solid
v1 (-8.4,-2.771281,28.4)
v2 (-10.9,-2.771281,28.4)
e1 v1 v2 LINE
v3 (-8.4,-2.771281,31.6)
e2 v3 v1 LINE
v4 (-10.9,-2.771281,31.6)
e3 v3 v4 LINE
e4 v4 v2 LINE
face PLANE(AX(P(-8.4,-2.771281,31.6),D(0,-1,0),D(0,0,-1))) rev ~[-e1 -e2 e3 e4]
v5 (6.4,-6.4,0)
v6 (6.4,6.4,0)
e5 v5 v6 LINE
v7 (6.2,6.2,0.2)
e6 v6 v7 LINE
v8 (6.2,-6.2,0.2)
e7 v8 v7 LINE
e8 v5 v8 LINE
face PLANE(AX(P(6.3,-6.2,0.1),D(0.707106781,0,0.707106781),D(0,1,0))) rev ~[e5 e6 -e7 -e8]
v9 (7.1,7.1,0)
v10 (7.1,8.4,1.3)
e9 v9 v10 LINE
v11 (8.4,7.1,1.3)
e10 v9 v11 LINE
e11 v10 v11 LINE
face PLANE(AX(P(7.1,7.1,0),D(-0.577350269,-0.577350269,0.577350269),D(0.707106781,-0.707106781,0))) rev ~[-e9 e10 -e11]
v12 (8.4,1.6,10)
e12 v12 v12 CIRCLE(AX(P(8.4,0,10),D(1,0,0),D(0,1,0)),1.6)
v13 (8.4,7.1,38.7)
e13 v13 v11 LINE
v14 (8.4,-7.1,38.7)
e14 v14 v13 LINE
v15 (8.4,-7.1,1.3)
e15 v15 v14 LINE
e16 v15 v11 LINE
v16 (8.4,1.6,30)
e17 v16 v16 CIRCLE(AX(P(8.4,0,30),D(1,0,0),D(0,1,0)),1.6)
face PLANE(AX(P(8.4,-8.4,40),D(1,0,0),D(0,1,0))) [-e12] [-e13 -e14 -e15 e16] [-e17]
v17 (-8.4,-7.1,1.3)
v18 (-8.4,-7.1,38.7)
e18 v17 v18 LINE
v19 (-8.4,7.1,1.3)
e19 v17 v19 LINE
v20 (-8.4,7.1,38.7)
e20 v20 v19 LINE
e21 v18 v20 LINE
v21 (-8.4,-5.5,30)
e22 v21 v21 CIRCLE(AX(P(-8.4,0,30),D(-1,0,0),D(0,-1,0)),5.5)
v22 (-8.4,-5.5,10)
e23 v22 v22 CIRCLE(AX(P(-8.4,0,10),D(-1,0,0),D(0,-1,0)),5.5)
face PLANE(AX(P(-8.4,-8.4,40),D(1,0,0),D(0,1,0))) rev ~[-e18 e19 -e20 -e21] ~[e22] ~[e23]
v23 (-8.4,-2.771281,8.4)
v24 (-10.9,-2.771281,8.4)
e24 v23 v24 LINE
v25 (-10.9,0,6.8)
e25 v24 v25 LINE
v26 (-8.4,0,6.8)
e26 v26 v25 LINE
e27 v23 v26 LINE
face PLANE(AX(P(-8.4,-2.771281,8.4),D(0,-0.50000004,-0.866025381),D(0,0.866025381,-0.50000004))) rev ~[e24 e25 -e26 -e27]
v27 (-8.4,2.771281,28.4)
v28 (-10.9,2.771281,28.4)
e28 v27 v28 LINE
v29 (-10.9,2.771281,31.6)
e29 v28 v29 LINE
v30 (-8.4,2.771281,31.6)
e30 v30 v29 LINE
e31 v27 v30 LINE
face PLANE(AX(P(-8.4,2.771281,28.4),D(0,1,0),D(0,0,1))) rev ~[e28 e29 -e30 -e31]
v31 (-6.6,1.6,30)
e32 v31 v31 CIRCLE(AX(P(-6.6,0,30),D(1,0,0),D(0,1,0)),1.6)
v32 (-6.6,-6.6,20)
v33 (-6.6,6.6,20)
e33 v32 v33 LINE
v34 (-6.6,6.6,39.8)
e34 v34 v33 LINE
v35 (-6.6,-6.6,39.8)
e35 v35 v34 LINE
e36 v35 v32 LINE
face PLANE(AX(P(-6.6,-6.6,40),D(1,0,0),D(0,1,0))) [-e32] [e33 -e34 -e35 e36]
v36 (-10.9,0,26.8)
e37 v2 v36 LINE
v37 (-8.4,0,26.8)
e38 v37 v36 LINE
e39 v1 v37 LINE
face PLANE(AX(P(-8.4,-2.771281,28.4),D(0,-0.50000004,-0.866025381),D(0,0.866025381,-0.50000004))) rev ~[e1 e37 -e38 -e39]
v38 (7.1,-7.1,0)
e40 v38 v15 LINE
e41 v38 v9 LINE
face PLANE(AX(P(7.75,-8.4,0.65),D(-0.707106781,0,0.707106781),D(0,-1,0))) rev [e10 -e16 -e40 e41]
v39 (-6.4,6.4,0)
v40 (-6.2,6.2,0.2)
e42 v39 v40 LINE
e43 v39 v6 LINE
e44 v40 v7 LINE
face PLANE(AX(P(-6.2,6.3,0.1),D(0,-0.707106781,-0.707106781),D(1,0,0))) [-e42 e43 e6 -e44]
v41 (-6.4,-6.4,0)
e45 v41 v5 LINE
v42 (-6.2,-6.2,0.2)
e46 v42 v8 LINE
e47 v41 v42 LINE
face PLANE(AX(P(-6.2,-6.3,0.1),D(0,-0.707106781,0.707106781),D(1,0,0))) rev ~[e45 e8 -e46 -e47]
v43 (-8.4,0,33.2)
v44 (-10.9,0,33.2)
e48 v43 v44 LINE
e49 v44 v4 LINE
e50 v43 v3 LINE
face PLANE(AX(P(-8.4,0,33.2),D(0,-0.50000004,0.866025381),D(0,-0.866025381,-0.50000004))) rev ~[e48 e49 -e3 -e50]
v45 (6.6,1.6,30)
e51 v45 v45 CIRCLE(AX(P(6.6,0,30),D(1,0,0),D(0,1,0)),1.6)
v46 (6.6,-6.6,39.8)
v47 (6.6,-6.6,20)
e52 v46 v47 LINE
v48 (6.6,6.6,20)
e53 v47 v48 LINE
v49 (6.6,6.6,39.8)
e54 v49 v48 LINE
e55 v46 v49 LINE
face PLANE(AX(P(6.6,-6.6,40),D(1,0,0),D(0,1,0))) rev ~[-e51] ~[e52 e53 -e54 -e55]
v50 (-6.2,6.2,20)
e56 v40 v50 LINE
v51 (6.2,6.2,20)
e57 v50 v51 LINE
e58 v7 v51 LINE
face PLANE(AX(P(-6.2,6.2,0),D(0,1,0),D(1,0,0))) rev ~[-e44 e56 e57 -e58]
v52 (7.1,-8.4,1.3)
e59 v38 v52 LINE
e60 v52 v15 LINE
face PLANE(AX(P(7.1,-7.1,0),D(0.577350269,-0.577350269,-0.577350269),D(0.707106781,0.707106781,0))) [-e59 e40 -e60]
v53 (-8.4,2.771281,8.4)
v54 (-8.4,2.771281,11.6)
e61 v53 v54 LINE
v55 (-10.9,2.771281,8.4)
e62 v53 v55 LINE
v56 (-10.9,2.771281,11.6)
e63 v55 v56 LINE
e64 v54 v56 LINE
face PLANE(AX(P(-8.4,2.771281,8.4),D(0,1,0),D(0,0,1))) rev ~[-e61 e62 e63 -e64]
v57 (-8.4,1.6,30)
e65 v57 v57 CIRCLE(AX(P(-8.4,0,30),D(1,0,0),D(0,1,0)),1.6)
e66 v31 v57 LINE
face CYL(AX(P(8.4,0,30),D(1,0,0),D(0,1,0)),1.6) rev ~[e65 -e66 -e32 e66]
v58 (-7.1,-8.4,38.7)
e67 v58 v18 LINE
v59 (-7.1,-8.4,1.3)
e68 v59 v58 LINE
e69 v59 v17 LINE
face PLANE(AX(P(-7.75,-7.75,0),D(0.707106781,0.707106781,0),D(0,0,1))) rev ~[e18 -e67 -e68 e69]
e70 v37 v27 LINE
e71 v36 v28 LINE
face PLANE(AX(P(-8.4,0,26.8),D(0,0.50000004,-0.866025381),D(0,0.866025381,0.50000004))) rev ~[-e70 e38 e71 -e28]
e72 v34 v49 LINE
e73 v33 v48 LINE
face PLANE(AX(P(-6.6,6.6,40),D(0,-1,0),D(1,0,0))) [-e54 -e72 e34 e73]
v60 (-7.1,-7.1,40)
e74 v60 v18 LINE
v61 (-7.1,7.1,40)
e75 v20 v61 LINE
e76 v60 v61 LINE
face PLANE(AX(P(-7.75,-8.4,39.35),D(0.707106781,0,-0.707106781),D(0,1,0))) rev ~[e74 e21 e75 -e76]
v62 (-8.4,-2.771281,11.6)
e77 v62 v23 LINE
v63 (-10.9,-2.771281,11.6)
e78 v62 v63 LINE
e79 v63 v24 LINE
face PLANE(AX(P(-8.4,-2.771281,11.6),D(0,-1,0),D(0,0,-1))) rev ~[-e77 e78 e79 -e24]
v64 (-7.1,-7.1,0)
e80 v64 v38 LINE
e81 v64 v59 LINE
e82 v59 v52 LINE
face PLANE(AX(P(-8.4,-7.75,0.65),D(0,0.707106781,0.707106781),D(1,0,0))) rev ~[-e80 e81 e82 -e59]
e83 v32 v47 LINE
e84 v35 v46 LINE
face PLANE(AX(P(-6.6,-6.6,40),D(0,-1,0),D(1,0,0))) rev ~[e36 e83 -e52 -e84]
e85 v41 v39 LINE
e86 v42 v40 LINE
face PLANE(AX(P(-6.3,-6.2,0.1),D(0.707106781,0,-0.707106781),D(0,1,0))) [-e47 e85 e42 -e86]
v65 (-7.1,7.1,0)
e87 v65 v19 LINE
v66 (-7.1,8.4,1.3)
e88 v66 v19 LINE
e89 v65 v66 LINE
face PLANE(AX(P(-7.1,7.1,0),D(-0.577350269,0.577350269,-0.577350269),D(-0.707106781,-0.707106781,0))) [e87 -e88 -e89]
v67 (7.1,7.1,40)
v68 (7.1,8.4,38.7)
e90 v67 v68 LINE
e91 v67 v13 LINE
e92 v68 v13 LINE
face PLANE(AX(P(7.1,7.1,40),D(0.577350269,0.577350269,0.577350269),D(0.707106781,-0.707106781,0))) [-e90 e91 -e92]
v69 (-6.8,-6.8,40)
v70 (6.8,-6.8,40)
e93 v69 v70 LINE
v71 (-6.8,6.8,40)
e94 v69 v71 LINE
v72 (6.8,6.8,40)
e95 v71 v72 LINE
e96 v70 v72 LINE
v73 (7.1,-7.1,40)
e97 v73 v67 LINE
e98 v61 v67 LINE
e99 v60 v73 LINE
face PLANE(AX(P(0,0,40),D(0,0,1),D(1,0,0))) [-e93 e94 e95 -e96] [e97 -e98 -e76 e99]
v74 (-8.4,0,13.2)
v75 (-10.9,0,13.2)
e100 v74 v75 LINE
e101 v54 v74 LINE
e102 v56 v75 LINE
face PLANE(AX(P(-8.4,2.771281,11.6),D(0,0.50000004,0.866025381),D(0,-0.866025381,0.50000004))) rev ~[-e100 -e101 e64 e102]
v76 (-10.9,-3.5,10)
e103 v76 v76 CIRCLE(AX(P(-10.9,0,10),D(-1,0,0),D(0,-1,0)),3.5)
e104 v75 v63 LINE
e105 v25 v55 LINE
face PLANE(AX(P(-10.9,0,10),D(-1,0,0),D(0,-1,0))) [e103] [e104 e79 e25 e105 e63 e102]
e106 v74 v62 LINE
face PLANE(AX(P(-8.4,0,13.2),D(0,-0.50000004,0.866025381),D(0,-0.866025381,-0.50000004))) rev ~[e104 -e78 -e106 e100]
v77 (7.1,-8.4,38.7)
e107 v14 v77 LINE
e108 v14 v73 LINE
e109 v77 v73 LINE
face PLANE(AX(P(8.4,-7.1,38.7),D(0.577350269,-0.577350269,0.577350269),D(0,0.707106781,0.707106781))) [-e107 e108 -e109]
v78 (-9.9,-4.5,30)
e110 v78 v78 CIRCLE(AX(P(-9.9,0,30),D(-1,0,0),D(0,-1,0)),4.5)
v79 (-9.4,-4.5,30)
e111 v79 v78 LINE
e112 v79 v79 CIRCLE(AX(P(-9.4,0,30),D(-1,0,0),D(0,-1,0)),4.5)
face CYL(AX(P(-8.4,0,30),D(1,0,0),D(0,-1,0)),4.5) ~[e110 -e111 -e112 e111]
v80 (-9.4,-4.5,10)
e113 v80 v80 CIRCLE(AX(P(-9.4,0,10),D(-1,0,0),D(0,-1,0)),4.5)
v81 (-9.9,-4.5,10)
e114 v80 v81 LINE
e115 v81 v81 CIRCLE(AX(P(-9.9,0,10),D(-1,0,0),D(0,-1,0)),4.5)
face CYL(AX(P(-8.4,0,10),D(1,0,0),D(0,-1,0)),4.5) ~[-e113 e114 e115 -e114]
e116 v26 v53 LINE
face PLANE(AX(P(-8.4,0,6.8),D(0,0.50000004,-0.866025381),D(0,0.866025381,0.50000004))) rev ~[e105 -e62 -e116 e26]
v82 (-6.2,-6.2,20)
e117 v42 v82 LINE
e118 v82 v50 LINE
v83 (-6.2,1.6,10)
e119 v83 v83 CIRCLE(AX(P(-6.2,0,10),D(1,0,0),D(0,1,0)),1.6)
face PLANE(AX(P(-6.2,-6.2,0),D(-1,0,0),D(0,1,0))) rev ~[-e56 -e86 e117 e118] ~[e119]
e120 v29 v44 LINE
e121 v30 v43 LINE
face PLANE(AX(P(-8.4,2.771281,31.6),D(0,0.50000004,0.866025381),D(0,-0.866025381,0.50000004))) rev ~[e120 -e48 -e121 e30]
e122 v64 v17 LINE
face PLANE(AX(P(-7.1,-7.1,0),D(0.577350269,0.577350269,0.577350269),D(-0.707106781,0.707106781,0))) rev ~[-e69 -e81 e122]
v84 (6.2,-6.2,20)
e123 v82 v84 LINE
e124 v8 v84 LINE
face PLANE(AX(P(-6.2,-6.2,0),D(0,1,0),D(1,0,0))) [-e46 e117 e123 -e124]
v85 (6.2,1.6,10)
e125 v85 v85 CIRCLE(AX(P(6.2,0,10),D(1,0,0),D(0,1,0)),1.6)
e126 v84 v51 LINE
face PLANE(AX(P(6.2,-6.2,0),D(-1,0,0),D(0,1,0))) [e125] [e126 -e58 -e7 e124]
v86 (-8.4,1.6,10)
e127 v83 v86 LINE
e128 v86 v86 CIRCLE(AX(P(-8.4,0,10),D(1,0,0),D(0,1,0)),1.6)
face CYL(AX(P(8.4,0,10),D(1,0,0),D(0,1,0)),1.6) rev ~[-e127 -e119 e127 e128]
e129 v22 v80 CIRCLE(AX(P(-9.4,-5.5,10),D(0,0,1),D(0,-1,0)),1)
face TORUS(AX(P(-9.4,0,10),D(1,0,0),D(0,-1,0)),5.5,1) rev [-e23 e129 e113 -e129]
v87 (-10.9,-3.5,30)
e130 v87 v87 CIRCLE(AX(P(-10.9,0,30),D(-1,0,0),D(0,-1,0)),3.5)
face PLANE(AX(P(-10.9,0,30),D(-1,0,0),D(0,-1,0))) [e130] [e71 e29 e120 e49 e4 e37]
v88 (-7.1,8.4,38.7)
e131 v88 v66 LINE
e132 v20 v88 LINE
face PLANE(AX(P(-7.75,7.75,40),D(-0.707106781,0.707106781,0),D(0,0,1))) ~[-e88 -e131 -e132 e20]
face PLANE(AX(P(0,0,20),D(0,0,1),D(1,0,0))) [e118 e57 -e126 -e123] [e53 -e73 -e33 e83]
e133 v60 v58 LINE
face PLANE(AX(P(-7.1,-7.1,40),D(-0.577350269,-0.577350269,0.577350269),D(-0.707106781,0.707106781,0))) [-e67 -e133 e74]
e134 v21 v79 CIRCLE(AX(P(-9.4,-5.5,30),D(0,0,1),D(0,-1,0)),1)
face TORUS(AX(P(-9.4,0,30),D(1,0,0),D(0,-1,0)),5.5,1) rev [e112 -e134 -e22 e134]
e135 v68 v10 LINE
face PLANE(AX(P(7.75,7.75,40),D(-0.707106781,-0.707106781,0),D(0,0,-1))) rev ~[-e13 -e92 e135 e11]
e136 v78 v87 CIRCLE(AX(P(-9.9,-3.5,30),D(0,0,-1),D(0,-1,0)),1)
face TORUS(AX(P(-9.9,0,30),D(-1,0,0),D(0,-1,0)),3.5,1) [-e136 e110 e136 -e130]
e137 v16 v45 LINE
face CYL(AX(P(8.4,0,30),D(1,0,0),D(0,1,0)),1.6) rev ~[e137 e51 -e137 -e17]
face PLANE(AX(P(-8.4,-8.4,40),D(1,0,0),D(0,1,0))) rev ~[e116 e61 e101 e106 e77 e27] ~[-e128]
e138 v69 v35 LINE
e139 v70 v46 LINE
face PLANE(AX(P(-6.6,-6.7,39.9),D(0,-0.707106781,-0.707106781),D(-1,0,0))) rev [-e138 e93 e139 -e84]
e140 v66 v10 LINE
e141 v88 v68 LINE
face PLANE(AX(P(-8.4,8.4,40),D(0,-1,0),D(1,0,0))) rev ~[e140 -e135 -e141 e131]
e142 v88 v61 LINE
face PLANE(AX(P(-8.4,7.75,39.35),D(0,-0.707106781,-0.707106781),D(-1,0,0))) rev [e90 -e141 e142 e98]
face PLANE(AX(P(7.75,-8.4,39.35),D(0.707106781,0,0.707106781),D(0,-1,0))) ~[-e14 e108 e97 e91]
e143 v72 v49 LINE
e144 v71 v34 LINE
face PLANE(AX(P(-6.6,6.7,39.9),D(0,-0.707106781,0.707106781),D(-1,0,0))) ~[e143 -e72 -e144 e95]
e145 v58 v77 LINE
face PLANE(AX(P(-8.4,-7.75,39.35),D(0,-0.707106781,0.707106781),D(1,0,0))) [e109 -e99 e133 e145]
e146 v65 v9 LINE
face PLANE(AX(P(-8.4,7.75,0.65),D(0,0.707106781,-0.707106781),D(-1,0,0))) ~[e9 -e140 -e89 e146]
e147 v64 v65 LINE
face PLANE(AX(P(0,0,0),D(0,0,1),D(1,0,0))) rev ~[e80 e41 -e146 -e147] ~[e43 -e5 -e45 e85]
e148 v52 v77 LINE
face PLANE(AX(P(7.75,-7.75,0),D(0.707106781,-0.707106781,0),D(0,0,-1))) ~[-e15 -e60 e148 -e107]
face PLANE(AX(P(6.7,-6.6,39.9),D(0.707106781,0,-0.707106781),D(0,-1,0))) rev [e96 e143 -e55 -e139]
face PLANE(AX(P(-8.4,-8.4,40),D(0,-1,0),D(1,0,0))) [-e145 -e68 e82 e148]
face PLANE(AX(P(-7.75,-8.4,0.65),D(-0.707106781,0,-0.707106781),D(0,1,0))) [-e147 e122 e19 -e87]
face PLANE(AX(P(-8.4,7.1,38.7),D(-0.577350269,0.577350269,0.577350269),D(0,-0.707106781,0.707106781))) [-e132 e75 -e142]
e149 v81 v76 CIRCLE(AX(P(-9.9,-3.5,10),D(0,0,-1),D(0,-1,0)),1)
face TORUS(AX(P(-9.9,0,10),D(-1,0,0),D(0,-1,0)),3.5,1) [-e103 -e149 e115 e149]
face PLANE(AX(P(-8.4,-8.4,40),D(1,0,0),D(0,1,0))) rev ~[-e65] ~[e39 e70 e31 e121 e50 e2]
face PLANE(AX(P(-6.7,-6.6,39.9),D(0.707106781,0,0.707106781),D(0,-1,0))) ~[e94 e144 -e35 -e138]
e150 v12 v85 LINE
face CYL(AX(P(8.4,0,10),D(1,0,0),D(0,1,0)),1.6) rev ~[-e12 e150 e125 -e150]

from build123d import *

# Parameters (mm, degrees)
F0_W     = 16.8
F0_H     = 16.8
F0_W_2   = 12.4
F0_H_2   = 12.4
F3_DEPTH = 20
F2_W     = 16.8
F2_H     = 16.8
F2_W_2   = 13.2
F2_H_2   = 13.2
F4_DEPTH = 20
F5_R     = 1.6
F6_DEPTH = 25
F7_R     = 4.5
F8_DEPTH = 2.5
F9_SIZE  = 0.2
F10_R    = 1
F11_SIZE = 1.3


with BuildPart() as f3:
    # F0 (on Top) → F3 (new body)
    with BuildSketch(Plane.XY):
        Rectangle(F0_W, F0_H)
        Rectangle(F0_W_2, F0_H_2, mode=Mode.SUBTRACT)
    extrude(amount=F3_DEPTH)

    # F2 (on offset) → F4 (join)
    with BuildSketch(Plane.XY.offset(40)):
        Rectangle(F2_W, F2_H)
        Rectangle(F2_W_2, F2_H_2, mode=Mode.SUBTRACT)
    extrude(amount=-F4_DEPTH)

    # F5 (on face) → F6 (cut)
    with BuildSketch(Plane.YZ.offset(8.4)):
        with Locations((0, 30)):
            Circle(F5_R)
        with Locations((0, 10)):
            Circle(F5_R)
    extrude(amount=-F6_DEPTH, mode=Mode.SUBTRACT)

    # F7 (on face) → F8 (join)
    with BuildSketch(Plane(origin=(-8.4, 0, 0), x_dir=(0, -1, 0), z_dir=(-1, 0, 0))):
        with Locations((0, 10)):
            Circle(F7_R)
        Polygon((0, 13.2), (2.771281, 11.6), (2.771281, 8.4), (0, 6.8), (-2.771281, 8.4), (-2.771281, 11.6), align=None, mode=Mode.SUBTRACT)
        with Locations((0, 30)):
            Circle(F7_R)
        Polygon((0, 33.2), (2.771281, 31.6), (2.771281, 28.4), (0, 26.8), (-2.771281, 28.4), (-2.771281, 31.6), align=None, mode=Mode.SUBTRACT)
    extrude(amount=F8_DEPTH)

    # F9
    f9_edges = [f3.edges().sort_by_distance(p)[0] for p in [
        (0, 6.6, 40),
        (-6.6, 0, 40),
        (0, -6.6, 40),
        (6.6, 0, 40),
        (0, -6.2, 0),
        (6.2, 0, 0),
        (0, 6.2, 0),
        (-6.2, 0, 0),
    ]]
    chamfer(f9_edges, length=F9_SIZE)

    # F10
    f10_edges = [f3.edges().sort_by_distance(p)[0] for p in [
        (-8.4, 4.5, 10),
        (-10.9, 4.5, 10),
        (-10.9, 4.5, 30),
        (-8.4, 4.5, 30),
    ]]
    fillet(f10_edges, radius=F10_R)

    # F11
    f11_edges = [f3.edges().sort_by_distance(p)[0] for p in [
        (8.4, 8.4, 20),
        (0, 8.4, 40),
        (-8.4, 8.4, 20),
        (0, 8.4, 0),
        (-8.4, -8.4, 20),
        (0, -8.4, 40),
        (8.4, -8.4, 20),
        (0, -8.4, 0),
        (8.4, 0, 0),
        (-8.4, 0, 0),
        (-8.4, 0, 40),
        (8.4, 0, 40),
    ]]
    chamfer(f11_edges, length=F11_SIZE)


solid = f3.part
